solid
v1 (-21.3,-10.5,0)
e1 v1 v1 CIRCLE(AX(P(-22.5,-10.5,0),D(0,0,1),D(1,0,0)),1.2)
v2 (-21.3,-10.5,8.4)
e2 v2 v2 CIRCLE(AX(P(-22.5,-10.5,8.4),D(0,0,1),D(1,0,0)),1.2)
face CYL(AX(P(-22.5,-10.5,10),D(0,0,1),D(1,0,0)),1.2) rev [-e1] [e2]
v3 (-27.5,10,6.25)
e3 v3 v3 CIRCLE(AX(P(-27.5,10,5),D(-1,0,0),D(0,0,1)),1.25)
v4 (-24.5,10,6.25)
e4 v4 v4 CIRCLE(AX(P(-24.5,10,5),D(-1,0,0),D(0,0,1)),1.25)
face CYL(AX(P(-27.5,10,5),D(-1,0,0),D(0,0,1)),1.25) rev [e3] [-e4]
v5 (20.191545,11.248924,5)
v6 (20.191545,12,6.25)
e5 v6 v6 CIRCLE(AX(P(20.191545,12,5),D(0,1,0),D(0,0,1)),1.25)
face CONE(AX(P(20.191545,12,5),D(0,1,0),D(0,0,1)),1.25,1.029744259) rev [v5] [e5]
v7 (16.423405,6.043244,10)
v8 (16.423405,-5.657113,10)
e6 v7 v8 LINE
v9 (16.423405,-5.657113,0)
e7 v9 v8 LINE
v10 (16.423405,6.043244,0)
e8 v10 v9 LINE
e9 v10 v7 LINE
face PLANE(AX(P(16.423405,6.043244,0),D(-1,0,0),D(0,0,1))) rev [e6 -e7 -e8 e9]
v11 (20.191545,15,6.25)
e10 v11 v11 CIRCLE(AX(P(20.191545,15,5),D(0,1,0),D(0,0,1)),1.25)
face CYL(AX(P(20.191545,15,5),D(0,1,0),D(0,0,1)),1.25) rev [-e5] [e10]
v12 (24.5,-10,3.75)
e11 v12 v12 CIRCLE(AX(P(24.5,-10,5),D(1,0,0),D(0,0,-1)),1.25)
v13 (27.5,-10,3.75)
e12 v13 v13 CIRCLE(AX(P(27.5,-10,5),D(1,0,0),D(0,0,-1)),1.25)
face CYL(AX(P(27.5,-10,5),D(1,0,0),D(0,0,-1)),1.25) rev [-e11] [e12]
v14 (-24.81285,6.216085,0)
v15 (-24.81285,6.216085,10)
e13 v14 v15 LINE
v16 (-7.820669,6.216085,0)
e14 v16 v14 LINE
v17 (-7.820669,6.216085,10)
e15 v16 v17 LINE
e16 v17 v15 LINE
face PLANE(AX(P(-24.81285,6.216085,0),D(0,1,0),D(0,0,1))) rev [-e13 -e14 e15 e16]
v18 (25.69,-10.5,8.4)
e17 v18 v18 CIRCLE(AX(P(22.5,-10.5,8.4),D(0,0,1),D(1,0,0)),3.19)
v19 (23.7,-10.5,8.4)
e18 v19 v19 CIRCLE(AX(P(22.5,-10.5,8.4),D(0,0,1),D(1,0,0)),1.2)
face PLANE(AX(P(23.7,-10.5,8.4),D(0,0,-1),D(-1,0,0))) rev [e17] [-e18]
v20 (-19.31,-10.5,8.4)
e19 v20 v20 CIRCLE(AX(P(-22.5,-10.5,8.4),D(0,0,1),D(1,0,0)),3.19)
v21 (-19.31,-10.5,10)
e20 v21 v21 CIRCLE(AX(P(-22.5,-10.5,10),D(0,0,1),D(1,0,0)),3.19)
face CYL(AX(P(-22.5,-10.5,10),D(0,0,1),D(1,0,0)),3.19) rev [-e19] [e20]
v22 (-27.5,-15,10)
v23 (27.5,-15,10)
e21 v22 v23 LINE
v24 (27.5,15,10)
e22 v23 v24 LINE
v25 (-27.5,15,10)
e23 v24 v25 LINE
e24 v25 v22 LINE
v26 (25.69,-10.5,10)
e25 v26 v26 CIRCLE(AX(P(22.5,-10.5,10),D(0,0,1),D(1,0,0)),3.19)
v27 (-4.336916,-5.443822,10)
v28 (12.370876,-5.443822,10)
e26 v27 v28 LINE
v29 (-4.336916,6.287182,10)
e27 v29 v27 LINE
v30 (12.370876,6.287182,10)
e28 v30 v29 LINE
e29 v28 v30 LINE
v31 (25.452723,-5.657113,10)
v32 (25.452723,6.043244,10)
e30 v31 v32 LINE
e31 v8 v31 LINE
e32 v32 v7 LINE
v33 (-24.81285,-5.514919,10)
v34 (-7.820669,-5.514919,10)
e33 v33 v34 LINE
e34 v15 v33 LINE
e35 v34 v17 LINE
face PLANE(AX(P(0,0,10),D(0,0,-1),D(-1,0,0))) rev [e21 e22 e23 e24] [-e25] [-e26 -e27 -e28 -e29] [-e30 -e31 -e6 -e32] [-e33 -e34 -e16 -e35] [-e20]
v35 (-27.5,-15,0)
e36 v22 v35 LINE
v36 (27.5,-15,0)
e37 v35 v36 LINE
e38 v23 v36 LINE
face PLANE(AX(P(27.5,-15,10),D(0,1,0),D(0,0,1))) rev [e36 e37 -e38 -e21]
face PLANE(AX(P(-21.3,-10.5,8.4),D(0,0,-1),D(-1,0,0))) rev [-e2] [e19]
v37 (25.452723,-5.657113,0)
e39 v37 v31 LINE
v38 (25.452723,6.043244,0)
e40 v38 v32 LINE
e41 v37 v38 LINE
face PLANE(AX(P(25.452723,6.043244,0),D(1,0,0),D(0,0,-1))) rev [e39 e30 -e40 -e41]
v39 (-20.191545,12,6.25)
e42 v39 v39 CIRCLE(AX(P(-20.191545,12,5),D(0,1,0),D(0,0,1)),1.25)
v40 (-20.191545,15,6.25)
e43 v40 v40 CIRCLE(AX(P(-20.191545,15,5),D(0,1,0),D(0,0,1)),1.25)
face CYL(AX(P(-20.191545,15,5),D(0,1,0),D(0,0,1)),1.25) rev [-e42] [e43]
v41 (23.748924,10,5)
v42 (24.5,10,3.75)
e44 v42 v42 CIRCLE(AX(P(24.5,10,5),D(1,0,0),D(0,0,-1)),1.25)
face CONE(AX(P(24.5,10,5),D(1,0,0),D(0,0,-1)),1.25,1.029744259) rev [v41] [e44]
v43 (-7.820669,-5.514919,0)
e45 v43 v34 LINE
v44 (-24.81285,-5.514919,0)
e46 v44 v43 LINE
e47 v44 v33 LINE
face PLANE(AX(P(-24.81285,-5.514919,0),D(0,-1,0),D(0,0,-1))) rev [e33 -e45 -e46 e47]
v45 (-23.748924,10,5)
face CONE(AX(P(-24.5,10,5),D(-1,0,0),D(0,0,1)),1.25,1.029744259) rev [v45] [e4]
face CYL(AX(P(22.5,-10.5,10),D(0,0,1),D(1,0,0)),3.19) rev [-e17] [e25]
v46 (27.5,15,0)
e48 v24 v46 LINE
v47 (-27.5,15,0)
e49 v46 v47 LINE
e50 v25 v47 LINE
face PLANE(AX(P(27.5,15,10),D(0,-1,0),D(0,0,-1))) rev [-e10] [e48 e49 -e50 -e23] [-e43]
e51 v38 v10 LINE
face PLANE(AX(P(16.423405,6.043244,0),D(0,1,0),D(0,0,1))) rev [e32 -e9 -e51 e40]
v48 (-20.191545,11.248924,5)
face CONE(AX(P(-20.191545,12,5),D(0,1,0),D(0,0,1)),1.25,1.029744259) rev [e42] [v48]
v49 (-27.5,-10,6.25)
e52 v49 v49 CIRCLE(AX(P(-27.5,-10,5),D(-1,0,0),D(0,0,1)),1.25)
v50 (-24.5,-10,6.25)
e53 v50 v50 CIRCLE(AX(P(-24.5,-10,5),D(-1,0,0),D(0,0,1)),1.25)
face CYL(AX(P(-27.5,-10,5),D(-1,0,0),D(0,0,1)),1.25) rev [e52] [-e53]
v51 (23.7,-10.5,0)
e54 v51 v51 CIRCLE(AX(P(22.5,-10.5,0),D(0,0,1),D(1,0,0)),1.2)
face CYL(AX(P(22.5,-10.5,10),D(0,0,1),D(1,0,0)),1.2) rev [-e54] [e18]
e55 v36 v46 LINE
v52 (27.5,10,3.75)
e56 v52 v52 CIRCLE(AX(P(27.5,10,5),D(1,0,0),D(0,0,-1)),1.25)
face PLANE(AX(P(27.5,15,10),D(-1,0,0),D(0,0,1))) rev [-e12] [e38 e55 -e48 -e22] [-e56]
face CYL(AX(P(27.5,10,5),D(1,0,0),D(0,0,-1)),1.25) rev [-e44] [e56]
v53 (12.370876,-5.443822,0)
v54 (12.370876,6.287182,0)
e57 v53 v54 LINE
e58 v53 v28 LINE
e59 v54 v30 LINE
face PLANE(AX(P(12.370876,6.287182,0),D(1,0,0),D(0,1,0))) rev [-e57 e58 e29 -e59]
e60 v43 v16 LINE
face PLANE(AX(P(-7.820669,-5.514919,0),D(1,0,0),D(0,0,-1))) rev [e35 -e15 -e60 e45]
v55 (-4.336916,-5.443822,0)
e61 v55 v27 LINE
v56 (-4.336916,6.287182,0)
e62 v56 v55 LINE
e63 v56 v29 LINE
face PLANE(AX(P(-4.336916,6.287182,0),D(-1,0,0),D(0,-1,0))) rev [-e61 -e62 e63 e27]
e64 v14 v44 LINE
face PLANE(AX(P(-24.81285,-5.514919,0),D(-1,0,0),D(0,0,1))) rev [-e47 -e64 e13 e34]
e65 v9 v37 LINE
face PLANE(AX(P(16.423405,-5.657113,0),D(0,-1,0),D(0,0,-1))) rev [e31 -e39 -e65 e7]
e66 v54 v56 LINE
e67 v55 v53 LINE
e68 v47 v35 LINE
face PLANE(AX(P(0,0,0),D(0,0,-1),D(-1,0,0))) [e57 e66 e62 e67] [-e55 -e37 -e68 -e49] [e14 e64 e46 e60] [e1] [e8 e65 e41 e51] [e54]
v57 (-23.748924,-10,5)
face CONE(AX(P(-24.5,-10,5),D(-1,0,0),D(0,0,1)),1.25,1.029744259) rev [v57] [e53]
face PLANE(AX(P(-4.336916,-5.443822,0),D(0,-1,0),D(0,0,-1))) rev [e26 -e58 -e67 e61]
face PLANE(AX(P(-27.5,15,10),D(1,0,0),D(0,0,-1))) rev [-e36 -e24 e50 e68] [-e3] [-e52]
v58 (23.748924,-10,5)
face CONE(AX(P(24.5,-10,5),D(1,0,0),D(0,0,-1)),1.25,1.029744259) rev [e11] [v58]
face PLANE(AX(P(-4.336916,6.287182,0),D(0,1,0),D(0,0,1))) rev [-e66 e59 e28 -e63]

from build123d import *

# Parameters (mm, degrees)
SKETCH1_W                                        = 55
SKETCH1_H                                        = 30
BOSS_EXTRUDE1_DEPTH                              = 10
SKETCH3_W                                        = 16.992180867
SKETCH3_H                                        = 11.731003527
SKETCH3_W_2                                      = 16.707792902
SKETCH3_W_3                                      = 9.029317866
SKETCH3_H_2                                      = 11.700356954
CUT_EXTRUDE1_DEPTH                               = 33.882366095
CBORE_FOR_M2_HEX_HEAD_MACHINE_SCREW2_D           = 2.4
CBORE_FOR_M2_HEX_HEAD_MACHINE_SCREW2_CBORE_D     = 6.38
CBORE_FOR_M2_HEX_HEAD_MACHINE_SCREW2_CBORE_DEPTH = 1.6
M3X0_5_TAPPED_HOLE3_D                            = 2.5
M3X0_5_TAPPED_HOLE3_DEPTH                        = 3
M3X0_5_TAPPED_HOLE3_TIP                          = 0.751075774


with BuildPart() as part:
    # Sketch1 → Boss-Extrude1 (new body)
    with BuildSketch(Plane.XY):
        Rectangle(SKETCH1_W, SKETCH1_H)
    extrude(amount=BOSS_EXTRUDE1_DEPTH)

    # Sketch3 → Cut-Extrude1 (cut, through all)
    with BuildSketch(Plane.XY.offset(10)):
        with Locations((-16.316759452, 0.350583033)):
            Rectangle(SKETCH3_W, SKETCH3_H)
        with Locations((4.016979996, 0.421680025)):
            Rectangle(SKETCH3_W_2, SKETCH3_H)
        with Locations((20.938063871, 0.193065764)):
            Rectangle(SKETCH3_W_3, SKETCH3_H_2)
    extrude(amount=-CUT_EXTRUDE1_DEPTH, mode=Mode.SUBTRACT)

    # CBORE for M2 Hex Head Machine Screw2 (through all)
    with Locations(Plane.XY.offset(10)):
        with Locations((-22.5, -10.5), (22.5, -10.5)):
            CounterBoreHole(CBORE_FOR_M2_HEX_HEAD_MACHINE_SCREW2_D / 2, CBORE_FOR_M2_HEX_HEAD_MACHINE_SCREW2_CBORE_D / 2, CBORE_FOR_M2_HEX_HEAD_MACHINE_SCREW2_CBORE_DEPTH)

    # M3x0.5 Tapped Hole3
    with Locations(Plane(origin=(0, 15, 0), x_dir=(1, 0, 0), z_dir=(0, 1, 0))):
        with Locations((-20.191545465, -5), (20.191545465, -5)):
            Hole(M3X0_5_TAPPED_HOLE3_D / 2, depth=M3X0_5_TAPPED_HOLE3_DEPTH)
            with Locations((0, 0, -(M3X0_5_TAPPED_HOLE3_DEPTH + M3X0_5_TAPPED_HOLE3_TIP / 2))):  # 118° drill point
                Cone(0, M3X0_5_TAPPED_HOLE3_D / 2, M3X0_5_TAPPED_HOLE3_TIP, mode=Mode.SUBTRACT)

    # Sketch12 → M3x0.5 Tapped Hole2 (revolve, cut)
    with BuildSketch(Plane(origin=(-27.5, -10, 5), x_dir=(0, 0, 1), z_dir=(0, 1, 0))):
        Polygon((0, 0), (0, 3.751075774), (1.25, 3), (1.25, 0), align=None)
    m3x0_5_tapped_hole2 = revolve(axis=Axis((-33.85, -10, 5), (1, 0, 0)), mode=Mode.SUBTRACT)

    # Sketch16 → M3x0.5 Tapped Hole1 (revolve, cut)
    with BuildSketch(Plane(origin=(27.5, -10, 5), x_dir=(0, 0, -1), z_dir=(0, 1, 0))):
        Polygon((0, 0), (0, 3.751075774), (1.25, 3), (1.25, 0), align=None)
    m3x0_5_tapped_hole1 = revolve(axis=Axis((33.85, -10, 5), (-1, 0, 0)), mode=Mode.SUBTRACT)

    # Mirror1: M3x0.5 Tapped Hole1 across plane
    add(m3x0_5_tapped_hole1.mirror(Plane.ZX), mode=Mode.SUBTRACT)

    # Mirror2: M3x0.5 Tapped Hole2 across plane
    add(m3x0_5_tapped_hole2.mirror(Plane.ZX), mode=Mode.SUBTRACT)


solid = part.part
